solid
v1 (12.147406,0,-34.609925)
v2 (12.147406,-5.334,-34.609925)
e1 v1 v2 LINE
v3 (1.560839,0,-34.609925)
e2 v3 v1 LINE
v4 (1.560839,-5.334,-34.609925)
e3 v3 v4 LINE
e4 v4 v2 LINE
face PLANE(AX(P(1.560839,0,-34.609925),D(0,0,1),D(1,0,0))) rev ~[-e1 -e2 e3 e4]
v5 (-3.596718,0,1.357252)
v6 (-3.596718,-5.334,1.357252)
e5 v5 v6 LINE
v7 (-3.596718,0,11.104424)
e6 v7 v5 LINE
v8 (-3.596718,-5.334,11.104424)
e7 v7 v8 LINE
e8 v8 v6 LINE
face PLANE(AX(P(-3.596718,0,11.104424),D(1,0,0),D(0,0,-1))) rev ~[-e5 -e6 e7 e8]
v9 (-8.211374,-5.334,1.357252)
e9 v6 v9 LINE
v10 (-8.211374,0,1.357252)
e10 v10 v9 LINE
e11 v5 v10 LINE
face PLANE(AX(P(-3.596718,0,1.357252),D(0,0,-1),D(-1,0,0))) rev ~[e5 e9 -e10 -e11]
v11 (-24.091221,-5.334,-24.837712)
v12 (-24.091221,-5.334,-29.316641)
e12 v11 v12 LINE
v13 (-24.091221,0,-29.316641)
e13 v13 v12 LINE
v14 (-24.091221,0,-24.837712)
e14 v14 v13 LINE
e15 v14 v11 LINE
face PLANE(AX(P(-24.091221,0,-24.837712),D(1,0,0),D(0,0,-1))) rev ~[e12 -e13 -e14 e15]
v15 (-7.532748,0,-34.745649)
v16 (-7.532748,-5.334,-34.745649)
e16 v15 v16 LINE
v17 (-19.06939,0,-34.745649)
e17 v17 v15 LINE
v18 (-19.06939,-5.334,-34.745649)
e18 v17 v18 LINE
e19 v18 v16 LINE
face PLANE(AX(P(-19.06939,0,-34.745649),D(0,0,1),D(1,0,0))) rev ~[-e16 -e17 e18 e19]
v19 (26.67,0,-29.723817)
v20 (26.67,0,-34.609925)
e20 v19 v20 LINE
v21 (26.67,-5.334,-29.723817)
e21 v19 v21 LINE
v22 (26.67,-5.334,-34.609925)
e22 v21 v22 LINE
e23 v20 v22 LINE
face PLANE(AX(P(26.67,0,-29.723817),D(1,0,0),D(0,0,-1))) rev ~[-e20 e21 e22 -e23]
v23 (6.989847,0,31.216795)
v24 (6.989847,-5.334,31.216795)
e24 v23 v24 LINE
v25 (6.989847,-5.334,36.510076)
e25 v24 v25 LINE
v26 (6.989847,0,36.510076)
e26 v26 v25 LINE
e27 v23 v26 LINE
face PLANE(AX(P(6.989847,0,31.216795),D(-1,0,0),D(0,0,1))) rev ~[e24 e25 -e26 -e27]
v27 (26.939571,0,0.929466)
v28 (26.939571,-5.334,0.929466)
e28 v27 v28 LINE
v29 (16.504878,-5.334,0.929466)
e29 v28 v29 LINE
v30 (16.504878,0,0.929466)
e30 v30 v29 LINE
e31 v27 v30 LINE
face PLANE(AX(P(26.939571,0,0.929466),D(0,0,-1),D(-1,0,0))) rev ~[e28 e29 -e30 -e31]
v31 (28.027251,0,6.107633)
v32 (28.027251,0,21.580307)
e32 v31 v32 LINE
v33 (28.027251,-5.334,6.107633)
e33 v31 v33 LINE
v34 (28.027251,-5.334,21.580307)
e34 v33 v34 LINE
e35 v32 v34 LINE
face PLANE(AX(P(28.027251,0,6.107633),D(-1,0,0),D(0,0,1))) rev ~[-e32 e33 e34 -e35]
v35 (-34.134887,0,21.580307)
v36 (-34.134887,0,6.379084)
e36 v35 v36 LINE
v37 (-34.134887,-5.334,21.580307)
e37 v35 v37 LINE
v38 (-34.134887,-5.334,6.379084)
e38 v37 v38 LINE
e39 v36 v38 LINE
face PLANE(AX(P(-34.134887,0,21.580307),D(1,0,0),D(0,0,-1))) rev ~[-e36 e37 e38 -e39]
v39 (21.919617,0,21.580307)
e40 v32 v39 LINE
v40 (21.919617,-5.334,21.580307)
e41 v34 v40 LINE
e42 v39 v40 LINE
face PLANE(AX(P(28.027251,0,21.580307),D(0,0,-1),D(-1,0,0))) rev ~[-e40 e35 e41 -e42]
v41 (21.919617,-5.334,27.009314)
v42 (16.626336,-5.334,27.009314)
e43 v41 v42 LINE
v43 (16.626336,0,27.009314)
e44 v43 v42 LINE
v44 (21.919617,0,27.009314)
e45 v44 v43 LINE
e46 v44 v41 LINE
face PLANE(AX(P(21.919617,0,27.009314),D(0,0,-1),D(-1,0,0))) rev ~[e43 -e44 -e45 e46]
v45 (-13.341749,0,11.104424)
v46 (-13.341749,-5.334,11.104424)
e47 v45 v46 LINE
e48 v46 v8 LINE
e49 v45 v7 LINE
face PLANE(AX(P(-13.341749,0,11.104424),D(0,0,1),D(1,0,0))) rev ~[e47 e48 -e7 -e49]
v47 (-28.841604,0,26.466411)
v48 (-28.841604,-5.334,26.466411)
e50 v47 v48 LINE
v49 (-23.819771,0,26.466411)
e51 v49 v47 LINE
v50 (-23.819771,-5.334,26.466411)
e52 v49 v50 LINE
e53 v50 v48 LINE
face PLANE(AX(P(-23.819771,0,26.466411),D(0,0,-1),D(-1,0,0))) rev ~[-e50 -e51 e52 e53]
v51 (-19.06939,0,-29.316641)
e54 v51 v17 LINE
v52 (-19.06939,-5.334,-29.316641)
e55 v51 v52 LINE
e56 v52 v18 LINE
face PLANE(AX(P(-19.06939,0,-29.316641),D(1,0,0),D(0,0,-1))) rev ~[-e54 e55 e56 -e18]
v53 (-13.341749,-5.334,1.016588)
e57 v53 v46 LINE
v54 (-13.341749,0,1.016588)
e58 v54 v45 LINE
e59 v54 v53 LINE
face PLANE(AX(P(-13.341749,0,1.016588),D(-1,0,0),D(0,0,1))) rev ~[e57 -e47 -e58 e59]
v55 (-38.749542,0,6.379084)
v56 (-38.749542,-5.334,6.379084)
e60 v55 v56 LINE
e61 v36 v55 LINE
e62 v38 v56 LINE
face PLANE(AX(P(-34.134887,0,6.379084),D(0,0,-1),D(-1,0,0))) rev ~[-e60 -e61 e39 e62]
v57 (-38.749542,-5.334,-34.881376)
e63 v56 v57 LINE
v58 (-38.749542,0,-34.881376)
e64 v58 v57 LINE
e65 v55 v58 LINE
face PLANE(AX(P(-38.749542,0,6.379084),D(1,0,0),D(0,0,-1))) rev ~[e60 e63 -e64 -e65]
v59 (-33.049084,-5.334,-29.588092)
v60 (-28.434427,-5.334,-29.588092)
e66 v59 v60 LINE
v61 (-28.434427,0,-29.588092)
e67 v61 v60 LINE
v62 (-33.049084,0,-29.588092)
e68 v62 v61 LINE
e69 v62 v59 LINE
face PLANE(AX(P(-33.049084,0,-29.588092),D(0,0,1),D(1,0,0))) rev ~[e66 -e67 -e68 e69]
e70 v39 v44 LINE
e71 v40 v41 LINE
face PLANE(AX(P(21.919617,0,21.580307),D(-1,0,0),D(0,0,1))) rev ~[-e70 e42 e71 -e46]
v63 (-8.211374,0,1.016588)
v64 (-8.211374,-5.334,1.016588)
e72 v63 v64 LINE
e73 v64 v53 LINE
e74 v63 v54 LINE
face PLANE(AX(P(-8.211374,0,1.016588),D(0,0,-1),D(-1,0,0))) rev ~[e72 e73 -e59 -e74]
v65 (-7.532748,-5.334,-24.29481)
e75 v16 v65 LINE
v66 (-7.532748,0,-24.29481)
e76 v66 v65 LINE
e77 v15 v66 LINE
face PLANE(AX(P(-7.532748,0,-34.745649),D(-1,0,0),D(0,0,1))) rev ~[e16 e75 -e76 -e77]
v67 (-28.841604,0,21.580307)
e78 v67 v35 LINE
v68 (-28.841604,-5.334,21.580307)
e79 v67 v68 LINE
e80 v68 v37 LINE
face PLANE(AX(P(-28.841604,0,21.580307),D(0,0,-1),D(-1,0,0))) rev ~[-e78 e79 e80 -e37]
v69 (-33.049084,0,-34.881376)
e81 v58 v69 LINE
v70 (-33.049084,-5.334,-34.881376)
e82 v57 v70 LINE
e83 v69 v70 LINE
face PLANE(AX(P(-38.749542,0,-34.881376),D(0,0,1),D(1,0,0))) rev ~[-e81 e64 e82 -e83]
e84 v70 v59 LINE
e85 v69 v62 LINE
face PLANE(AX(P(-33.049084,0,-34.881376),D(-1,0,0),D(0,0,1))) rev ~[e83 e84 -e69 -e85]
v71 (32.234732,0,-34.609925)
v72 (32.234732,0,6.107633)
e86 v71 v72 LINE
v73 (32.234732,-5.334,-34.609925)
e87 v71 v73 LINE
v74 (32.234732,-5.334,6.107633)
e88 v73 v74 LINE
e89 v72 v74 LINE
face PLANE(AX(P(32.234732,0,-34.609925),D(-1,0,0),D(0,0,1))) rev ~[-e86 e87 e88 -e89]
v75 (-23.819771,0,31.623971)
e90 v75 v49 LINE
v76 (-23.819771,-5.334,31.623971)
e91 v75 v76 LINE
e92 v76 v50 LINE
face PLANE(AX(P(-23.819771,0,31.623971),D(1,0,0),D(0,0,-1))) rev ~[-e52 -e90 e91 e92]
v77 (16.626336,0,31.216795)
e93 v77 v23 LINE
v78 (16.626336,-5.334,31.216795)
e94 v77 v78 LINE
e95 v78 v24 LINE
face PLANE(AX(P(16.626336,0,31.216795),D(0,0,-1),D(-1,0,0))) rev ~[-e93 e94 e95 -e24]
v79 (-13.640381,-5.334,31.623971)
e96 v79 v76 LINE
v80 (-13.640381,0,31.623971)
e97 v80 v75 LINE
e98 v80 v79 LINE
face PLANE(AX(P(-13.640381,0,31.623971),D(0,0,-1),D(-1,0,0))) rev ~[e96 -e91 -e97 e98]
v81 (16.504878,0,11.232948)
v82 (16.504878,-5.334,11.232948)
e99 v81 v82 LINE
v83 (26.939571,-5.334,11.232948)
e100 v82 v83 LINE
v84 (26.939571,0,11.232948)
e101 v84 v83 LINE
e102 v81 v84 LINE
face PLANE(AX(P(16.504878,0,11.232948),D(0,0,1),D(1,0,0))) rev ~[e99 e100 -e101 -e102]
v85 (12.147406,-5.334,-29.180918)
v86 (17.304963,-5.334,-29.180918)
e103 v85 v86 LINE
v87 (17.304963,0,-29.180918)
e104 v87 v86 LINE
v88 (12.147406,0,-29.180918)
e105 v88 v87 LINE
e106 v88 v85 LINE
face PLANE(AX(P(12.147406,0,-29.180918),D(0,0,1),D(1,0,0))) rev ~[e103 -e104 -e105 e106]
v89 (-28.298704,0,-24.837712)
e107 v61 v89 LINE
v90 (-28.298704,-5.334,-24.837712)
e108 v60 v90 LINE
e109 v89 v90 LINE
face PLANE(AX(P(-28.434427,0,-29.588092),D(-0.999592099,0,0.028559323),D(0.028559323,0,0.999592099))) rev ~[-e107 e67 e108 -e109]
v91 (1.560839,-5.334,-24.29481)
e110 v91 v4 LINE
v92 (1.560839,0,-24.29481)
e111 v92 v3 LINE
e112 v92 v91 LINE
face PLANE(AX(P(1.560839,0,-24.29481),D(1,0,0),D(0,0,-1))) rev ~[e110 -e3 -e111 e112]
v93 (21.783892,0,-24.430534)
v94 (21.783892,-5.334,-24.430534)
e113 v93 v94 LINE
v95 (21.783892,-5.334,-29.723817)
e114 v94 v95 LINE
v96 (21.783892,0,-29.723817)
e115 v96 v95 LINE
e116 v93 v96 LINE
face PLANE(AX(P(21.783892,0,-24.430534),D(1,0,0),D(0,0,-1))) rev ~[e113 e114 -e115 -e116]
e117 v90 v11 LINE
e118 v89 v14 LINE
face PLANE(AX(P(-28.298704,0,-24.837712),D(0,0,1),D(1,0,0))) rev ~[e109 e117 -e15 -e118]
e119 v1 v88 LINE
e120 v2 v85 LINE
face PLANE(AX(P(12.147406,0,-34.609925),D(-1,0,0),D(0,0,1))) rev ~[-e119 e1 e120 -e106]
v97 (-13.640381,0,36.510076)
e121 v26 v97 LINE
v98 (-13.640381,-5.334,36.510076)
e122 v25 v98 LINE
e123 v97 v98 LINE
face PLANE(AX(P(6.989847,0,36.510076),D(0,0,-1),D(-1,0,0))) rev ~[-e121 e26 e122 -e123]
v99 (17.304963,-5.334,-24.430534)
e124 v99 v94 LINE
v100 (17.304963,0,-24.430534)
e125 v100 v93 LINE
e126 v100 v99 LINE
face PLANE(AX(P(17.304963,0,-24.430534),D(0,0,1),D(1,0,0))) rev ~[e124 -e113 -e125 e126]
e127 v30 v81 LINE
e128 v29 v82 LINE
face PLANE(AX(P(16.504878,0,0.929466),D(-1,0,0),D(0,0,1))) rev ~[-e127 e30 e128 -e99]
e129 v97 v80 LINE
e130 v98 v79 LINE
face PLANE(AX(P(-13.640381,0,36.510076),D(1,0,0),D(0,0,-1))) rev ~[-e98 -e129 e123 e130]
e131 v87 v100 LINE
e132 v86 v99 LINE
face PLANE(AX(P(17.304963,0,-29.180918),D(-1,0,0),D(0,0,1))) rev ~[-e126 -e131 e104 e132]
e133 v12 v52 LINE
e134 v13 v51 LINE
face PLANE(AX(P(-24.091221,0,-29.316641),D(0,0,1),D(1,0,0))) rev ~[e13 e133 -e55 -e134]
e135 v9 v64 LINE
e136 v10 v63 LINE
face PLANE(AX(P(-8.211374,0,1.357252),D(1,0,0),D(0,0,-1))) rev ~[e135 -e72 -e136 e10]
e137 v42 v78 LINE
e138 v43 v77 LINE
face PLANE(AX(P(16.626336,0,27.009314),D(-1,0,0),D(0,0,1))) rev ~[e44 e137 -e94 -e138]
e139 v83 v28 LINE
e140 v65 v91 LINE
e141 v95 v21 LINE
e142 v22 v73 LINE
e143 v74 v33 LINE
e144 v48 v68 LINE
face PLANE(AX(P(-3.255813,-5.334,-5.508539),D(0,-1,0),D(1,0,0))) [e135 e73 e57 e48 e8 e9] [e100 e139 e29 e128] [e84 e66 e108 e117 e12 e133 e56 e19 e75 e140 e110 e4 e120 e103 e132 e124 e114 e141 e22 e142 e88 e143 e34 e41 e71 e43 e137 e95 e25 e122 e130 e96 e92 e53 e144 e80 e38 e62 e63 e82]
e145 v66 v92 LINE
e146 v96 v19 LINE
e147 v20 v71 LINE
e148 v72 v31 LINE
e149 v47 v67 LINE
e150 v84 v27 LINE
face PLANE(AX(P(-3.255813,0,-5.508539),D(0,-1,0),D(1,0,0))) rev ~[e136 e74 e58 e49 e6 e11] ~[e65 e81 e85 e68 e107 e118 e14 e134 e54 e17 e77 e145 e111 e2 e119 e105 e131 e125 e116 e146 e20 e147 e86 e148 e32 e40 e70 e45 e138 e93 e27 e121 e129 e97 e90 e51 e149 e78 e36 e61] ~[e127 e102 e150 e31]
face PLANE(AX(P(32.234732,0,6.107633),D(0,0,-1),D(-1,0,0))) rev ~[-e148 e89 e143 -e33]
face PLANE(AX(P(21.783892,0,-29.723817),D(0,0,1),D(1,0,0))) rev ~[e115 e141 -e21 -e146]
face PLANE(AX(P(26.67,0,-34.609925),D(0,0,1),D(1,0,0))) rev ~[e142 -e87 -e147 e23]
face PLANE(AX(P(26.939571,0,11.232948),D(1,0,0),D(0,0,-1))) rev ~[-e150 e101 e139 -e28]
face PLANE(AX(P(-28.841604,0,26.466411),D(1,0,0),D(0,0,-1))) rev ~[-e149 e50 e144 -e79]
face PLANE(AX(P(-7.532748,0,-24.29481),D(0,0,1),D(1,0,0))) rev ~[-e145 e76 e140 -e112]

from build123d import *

# Parameters (mm, degrees)
F1_DEPTH = 5.334


with BuildPart() as f1:
    # F0 (on Front) → F1 (new body)
    with BuildSketch(Plane.XZ):
        Polygon((-28.434427, -29.588092), (-28.298704, -24.837712), (-24.091221, -24.837712), (-24.091221, -29.316641), (-19.06939, -29.316641), (-19.06939, -34.745649), (-7.532748, -34.745649), (-7.532748, -24.29481), (1.560839, -24.29481), (1.560839, -34.609925), (12.147406, -34.609925), (12.147406, -29.180918), (17.304963, -29.180918), (17.304963, -24.430534), (21.783892, -24.430534), (21.783892, -29.723817), (26.67, -29.723817), (26.67, -34.609925), (32.234732, -34.609925), (32.234732, 6.107633), (28.027251, 6.107633), (28.027251, 21.580307), (21.919617, 21.580307), (21.919617, 27.009314), (16.626336, 27.009314), (16.626336, 31.216795), (6.989847, 31.216795), (6.989847, 36.510076), (-13.640381, 36.510076), (-13.640381, 31.623971), (-23.819771, 31.623971), (-23.819771, 26.466411), (-28.841604, 26.466411), (-28.841604, 21.580307), (-34.134887, 21.580307), (-34.134887, 6.379084), (-38.749542, 6.379084), (-38.749542, -34.881376), (-33.049084, -34.881376), (-33.049084, -29.588092), align=None)
        Polygon((-18.79794, 21.580307), (-18.119313, 21.580307), (-7.939924, 21.580307), (-7.939924, 16.558474), (-3.596718, 16.558474), (-3.596718, 11.104424), (-3.596718, 1.357252), (-8.211374, 1.357252), (-8.211374, 1.016588), (-8.211374, -3.66458), (-18.526489, -3.66458), (-18.526489, 1.357252), (-23.819771, 1.357252), (-23.819771, 16.151298), (-18.79794, 16.151298), align=None, mode=Mode.SUBTRACT)
        Polygon((6.521792, 1.090871), (6.521792, 15.899813), (6.521792, 16.182272), (11.606061, 16.182272), (11.606061, 21.266542), (21.976355, 21.266542), (21.976355, 16.222624), (26.939571, 16.222624), (26.939571, 11.232948), (26.939571, 0.929466), (22.016706, 0.929466), (22.016706, -4.195155), (11.525358, -4.195155), (11.525358, 1.090871), align=None, mode=Mode.SUBTRACT)
        Polygon((-7.939924, 21.580307), (-18.119313, 21.580307), (-18.79794, 21.580307), (-18.79794, 16.151298), (-23.819771, 16.151298), (-23.819771, 1.357252), (-18.526489, 1.357252), (-18.526489, -3.66458), (-8.211374, -3.66458), (-8.211374, 1.016588), (-13.341749, 1.016588), (-13.341749, 11.104424), (-3.596718, 11.104424), (-3.596718, 16.558474), (-7.939924, 16.558474), align=None)
        Polygon((6.521792, 16.182272), (6.521792, 15.899813), (6.521792, 1.090871), (11.525358, 1.090871), (11.525358, -4.195155), (22.016706, -4.195155), (22.016706, 0.929466), (16.504878, 0.929466), (16.504878, 11.232948), (26.939571, 11.232948), (26.939571, 16.222624), (21.976355, 16.222624), (21.976355, 21.266542), (11.606061, 21.266542), (11.606061, 16.182272), align=None)
    extrude(amount=F1_DEPTH)


solid = f1.part
